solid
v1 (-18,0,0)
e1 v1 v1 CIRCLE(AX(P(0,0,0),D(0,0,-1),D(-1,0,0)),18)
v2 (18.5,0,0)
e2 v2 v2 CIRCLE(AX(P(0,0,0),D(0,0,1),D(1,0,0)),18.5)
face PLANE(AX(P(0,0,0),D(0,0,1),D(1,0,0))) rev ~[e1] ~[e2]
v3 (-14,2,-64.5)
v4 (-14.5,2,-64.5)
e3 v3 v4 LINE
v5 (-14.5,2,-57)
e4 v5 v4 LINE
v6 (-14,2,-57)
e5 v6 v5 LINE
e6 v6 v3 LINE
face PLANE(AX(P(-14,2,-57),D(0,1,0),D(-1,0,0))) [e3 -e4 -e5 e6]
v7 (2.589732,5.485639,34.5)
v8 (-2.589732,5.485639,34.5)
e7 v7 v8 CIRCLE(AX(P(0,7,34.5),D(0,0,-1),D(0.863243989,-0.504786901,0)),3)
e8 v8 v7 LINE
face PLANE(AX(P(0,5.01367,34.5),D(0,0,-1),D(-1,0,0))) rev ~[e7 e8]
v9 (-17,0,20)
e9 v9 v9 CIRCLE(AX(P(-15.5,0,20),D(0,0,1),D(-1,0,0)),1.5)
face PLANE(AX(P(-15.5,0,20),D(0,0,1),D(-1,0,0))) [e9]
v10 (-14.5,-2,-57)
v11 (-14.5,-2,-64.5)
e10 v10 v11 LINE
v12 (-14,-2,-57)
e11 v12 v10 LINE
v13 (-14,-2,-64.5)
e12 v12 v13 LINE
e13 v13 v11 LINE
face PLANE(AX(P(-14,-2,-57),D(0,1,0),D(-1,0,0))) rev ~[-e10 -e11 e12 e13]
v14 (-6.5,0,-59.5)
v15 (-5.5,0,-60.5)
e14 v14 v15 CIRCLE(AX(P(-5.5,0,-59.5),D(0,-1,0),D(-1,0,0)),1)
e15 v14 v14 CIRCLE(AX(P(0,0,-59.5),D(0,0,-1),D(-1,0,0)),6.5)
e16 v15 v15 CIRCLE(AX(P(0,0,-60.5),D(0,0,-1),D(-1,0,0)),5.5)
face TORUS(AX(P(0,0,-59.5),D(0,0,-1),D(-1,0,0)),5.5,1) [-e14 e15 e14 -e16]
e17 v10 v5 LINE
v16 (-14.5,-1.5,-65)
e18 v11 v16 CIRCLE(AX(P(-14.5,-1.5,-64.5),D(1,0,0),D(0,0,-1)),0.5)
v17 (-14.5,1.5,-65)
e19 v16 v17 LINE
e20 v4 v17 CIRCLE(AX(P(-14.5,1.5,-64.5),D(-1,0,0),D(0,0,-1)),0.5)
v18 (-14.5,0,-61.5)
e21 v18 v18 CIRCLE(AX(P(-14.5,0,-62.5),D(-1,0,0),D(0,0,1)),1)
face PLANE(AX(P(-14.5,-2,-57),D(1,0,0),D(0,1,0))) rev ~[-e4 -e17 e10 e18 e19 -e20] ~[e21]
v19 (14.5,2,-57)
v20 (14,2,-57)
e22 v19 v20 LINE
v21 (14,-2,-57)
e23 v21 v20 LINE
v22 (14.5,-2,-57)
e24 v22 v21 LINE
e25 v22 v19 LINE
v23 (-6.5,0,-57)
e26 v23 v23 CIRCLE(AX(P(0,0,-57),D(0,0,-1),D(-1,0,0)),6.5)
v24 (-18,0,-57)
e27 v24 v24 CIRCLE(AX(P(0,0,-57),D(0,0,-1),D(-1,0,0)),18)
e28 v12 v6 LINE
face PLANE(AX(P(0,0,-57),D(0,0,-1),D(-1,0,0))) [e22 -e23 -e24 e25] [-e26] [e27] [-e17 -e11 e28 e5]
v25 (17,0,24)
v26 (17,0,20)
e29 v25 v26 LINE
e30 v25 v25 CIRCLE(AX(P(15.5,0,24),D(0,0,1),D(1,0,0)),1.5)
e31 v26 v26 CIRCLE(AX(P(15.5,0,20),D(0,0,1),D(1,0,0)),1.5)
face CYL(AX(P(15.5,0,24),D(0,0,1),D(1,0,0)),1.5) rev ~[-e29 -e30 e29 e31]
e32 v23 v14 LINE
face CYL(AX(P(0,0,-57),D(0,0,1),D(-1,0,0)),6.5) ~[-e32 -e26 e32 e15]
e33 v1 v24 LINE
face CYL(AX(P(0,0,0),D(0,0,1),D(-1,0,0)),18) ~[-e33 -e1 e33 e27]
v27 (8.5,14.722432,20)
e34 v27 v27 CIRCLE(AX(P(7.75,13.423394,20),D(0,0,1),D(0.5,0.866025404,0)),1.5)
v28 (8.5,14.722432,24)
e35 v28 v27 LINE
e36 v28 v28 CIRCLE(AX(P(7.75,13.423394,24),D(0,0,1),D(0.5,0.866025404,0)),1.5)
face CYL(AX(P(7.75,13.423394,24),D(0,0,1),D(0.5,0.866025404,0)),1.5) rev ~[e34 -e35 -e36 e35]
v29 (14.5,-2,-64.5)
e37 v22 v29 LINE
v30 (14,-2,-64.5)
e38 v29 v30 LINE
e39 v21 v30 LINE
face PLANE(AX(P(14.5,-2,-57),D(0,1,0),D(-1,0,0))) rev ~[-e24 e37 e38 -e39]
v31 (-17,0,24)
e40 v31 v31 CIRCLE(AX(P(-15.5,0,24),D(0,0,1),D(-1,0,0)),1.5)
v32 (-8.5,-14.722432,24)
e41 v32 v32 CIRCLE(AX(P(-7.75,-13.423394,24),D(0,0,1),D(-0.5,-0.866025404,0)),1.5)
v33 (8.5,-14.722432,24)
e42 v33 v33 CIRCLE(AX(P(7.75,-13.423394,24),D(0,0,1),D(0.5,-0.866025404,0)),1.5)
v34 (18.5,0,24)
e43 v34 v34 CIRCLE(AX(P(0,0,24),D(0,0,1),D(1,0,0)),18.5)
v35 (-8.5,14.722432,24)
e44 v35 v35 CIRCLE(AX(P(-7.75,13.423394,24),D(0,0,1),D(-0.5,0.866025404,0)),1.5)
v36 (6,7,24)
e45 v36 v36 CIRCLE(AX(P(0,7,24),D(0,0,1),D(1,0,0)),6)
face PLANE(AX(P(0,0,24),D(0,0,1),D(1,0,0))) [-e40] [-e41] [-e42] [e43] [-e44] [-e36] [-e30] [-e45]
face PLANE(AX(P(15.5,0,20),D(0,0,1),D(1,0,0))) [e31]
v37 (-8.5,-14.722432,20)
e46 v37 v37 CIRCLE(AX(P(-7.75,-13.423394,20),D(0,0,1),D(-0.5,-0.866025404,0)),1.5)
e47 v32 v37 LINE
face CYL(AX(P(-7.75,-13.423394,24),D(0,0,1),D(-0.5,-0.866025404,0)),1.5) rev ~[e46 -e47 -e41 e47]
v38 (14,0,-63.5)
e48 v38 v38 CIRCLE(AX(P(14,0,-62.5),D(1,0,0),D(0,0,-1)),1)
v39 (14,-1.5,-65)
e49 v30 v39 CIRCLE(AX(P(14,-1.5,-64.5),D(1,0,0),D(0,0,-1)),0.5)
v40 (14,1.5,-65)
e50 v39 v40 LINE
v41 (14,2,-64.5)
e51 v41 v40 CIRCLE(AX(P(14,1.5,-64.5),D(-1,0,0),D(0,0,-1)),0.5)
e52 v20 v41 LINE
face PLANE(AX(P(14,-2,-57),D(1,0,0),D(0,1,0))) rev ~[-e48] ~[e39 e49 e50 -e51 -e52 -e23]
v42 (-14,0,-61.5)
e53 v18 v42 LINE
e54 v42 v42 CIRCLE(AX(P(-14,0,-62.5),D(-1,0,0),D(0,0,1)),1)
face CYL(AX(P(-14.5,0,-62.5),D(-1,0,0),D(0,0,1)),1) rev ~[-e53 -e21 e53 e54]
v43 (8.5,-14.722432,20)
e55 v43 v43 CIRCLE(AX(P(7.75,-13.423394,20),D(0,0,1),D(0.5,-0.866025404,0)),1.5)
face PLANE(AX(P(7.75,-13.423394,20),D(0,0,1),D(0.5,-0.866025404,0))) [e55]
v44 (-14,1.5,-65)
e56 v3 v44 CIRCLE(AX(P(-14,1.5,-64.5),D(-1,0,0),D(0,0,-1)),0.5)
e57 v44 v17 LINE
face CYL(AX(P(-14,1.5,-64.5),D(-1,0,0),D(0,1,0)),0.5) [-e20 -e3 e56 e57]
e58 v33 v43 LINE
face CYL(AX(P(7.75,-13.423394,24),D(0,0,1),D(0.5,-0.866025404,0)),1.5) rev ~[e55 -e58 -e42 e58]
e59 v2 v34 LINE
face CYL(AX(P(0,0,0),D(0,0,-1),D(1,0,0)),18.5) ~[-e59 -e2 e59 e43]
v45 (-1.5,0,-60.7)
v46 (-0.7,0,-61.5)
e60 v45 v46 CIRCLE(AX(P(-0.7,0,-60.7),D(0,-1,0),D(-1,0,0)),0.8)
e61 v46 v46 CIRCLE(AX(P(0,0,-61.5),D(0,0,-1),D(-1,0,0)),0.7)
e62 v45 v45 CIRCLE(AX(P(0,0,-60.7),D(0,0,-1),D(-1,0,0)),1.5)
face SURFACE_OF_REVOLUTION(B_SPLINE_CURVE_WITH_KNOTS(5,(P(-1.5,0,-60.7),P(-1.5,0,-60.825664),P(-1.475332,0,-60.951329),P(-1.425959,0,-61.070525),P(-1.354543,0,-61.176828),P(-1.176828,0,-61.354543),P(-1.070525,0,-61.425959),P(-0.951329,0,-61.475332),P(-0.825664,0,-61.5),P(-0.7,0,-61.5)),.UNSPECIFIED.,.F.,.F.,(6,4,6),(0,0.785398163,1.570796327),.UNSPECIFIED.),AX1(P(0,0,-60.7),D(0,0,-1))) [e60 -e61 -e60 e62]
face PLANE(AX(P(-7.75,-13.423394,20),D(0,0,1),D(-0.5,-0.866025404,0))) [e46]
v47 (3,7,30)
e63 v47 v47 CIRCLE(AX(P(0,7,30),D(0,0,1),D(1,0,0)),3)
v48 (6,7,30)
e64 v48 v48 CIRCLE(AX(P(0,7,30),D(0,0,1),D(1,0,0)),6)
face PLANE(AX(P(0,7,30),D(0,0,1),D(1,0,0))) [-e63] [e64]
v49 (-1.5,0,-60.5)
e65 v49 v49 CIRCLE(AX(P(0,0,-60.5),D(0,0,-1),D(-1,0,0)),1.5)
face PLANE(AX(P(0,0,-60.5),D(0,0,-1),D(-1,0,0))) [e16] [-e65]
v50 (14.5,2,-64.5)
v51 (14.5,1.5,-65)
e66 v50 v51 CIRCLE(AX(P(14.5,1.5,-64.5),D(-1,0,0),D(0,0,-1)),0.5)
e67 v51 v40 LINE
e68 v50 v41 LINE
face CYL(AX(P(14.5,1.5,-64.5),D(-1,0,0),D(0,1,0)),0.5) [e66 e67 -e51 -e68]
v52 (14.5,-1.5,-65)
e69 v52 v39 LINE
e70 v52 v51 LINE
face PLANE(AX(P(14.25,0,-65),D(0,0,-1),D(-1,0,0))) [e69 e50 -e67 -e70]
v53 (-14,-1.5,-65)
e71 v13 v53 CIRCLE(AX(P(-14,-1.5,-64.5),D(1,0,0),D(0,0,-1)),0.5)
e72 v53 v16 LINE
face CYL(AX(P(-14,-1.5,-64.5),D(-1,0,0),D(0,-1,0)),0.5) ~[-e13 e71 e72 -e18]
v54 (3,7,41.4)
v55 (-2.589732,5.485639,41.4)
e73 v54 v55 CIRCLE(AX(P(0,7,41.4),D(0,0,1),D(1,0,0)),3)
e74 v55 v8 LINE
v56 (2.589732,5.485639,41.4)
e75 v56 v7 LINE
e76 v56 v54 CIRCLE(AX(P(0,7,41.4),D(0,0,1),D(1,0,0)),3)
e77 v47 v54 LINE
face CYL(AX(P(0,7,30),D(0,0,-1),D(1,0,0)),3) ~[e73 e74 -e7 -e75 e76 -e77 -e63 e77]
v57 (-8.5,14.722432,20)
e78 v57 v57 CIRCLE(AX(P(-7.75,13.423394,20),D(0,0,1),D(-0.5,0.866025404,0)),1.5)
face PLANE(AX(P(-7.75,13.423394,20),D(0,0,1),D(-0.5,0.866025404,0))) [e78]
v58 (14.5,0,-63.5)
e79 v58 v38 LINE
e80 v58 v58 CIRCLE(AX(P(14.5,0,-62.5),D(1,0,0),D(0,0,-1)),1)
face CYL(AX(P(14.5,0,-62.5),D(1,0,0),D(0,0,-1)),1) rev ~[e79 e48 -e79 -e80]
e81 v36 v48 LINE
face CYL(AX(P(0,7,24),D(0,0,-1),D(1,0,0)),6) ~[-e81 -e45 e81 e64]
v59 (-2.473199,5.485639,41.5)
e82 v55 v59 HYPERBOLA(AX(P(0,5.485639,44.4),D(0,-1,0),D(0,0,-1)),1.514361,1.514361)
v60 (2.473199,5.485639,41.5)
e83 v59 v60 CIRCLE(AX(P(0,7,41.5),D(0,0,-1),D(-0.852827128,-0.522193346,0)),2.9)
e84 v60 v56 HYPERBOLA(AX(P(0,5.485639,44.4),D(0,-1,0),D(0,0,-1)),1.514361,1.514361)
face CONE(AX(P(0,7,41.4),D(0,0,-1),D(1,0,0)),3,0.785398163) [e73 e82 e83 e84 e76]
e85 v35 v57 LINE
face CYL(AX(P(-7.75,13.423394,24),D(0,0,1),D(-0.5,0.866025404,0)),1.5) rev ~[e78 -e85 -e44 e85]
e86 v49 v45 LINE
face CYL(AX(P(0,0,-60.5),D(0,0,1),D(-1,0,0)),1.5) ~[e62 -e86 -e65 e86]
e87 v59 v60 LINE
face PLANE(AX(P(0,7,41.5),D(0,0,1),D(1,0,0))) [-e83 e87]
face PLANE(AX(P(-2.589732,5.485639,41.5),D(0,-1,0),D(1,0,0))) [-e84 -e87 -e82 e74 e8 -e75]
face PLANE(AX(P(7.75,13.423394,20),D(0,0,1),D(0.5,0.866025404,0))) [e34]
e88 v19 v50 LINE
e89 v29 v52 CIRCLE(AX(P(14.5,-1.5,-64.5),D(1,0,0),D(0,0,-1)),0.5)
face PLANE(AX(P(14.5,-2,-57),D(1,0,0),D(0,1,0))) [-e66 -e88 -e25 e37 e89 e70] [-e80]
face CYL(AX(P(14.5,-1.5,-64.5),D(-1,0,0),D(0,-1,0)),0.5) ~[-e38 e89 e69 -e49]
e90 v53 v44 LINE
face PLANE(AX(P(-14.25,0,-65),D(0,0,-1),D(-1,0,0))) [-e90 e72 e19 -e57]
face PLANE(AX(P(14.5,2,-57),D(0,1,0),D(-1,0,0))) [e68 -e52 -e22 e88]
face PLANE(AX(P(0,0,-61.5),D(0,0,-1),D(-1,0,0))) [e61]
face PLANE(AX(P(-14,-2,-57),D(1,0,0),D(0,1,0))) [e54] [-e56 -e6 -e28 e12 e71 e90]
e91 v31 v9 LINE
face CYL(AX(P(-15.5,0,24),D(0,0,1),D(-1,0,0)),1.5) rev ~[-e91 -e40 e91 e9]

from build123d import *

# Parameters (mm, degrees)
SKETCH_1_R               = 18.5
EXTRUDE_1_DEPTH          = 24
SKETCH_2_R               = 6
EXTRUDE_2_DEPTH          = 6
SKETCH_3_R               = 1.5
CUT_EXTRUDE_1_DEPTH      = 4
SKETCH_4_R               = 3
EXTRUDE_3_DEPTH          = 11.5
CHAMFER_1_SIZE           = 0.1
CUT_EXTRUDE_START        = -7
CUT_EXTRUDE_2_DEPTH      = 7
PATTERN_CIRCULAR_1_COUNT = 6
SKETCH_6_R               = 18
EXTRUDE_4_DEPTH          = 57
SKETCH_7_R               = 6.5
EXTRUDE_5_DEPTH          = 3.5
FILLET_1_R               = 1
SKETCH_8_R               = 1.5
EXTRUDE_6_DEPTH          = 1
SKETCH_9_W               = 0.5
SKETCH_9_H               = 4
EXTRUDE_7_DEPTH          = 8
FILLET_2_R               = 0.5
SKETCH_10_R              = 1
CUT_EXTRUDE_3_DEPTH      = 0.5
CUT_EXTRUDE_START_2      = -0.5
SKETCH_11_R              = 1
CUT_EXTRUDE_4_DEPTH      = 0.5
FILLET_3_R               = 0.8


with BuildPart() as part:
    # 草图1 → 凸台-拉伸1 (new body)
    with BuildSketch(Plane.XY):
        Circle(SKETCH_1_R)
    extrude(amount=EXTRUDE_1_DEPTH)

    # 草图2 → 凸台-拉伸2 (add)
    with BuildSketch(Plane.XY.offset(24)):
        with Locations((0, 7)):
            Circle(SKETCH_2_R)
    extrude(amount=EXTRUDE_2_DEPTH)

    # 草图3 → 切除-拉伸1 (cut)
    with BuildSketch(Plane.XY.offset(24)):
        with Locations((15.5, 0)):
            Circle(SKETCH_3_R)
    cut_extrude_1 = extrude(amount=-CUT_EXTRUDE_1_DEPTH, mode=Mode.SUBTRACT)

    # 草图4 → 凸台-拉伸3 (add)
    with BuildSketch(Plane.XY.offset(30)):
        with Locations((0, 7)):
            Circle(SKETCH_4_R)
    extrude(amount=EXTRUDE_3_DEPTH)

    # 倒角1
    chamfer_1_edges = [part.edges().sort_by_distance(p)[0] for p in [
        (-3, 7, 41.5),
    ]]
    chamfer(chamfer_1_edges, length=CHAMFER_1_SIZE)

    # 草图5 → 切除-拉伸2 (cut)
    with BuildSketch(Plane.XY.offset(41.5).offset(CUT_EXTRUDE_START)):
        with BuildLine():
            Line((-2.589731968, 5.485639298), (2.589731968, 5.485639298))
            ThreePointArc((2.589731968, 5.485639298), (0, 4), (-2.589731968, 5.485639298))
        make_face()
    extrude(amount=CUT_EXTRUDE_2_DEPTH, mode=Mode.SUBTRACT)

    # 阵列(圆周)1: 切除-拉伸1 ×6 about axis
    pattern_circular_1_axis = Axis((0, 0, 47.25), (0, 0, -1))
    for i in range(1, PATTERN_CIRCULAR_1_COUNT):
        add(cut_extrude_1.rotate(pattern_circular_1_axis, i * 360 / PATTERN_CIRCULAR_1_COUNT), mode=Mode.SUBTRACT)

    # 草图6 → 凸台-拉伸4 (add)
    with BuildSketch(Plane(origin=(0, 0, 0), x_dir=(-1, 0, 0), z_dir=(0, 0, -1))):
        Circle(SKETCH_6_R)
    extrude(amount=EXTRUDE_4_DEPTH)

    # 草图7 → 凸台-拉伸5 (add)
    with BuildSketch(Plane(origin=(0, 0, -57), x_dir=(-1, 0, 0), z_dir=(0, 0, -1))):
        Circle(SKETCH_7_R)
    extrude(amount=EXTRUDE_5_DEPTH)

    # 圆角1
    fillet_1_edges = [part.edges().sort_by_distance(p)[0] for p in [
        (6.5, 0, -60.5),
    ]]
    fillet(fillet_1_edges, radius=FILLET_1_R)

    # 草图8 → 凸台-拉伸6 (add)
    with BuildSketch(Plane(origin=(0, 0, -60.5), x_dir=(-1, 0, 0), z_dir=(0, 0, -1))):
        Circle(SKETCH_8_R)
    extrude(amount=EXTRUDE_6_DEPTH)

    # 草图9 → 凸台-拉伸7 (add)
    with BuildSketch(Plane(origin=(0, 0, -57), x_dir=(-1, 0, 0), z_dir=(0, 0, -1))):
        with Locations((14.25, 0)):
            Rectangle(SKETCH_9_W, SKETCH_9_H)
        with Locations((-14.25, 0)):
            Rectangle(SKETCH_9_W, SKETCH_9_H)
    extrude(amount=EXTRUDE_7_DEPTH)

    # 圆角2
    fillet_2_edges = [part.edges().sort_by_distance(p)[0] for p in [
        (14.25, 2, -65),
        (14.25, -2, -65),
        (-14.25, -2, -65),
        (-14.25, 2, -65),
    ]]
    fillet(fillet_2_edges, radius=FILLET_2_R)

    # 草图10 → 切除-拉伸3 (cut)
    with BuildSketch(Plane.ZY.offset(14.5)):
        with Locations((-62.5, 0)):
            Circle(SKETCH_10_R)
    extrude(amount=-CUT_EXTRUDE_3_DEPTH, mode=Mode.SUBTRACT)

    # 草图11 → 切除-拉伸4 (cut)
    with BuildSketch(Plane(origin=(14.5, 0, 0), x_dir=(0, 0, -1), z_dir=(1, 0, 0)).offset(CUT_EXTRUDE_START_2)):
        with Locations((62.5, 0)):
            Circle(SKETCH_11_R)
    extrude(amount=CUT_EXTRUDE_4_DEPTH, mode=Mode.SUBTRACT)

    # 圆角3
    fillet_3_edges = [part.edges().sort_by_distance(p)[0] for p in [
        (1.5, 0, -61.5),
    ]]
    fillet(fillet_3_edges, radius=FILLET_3_R)


solid = part.part
